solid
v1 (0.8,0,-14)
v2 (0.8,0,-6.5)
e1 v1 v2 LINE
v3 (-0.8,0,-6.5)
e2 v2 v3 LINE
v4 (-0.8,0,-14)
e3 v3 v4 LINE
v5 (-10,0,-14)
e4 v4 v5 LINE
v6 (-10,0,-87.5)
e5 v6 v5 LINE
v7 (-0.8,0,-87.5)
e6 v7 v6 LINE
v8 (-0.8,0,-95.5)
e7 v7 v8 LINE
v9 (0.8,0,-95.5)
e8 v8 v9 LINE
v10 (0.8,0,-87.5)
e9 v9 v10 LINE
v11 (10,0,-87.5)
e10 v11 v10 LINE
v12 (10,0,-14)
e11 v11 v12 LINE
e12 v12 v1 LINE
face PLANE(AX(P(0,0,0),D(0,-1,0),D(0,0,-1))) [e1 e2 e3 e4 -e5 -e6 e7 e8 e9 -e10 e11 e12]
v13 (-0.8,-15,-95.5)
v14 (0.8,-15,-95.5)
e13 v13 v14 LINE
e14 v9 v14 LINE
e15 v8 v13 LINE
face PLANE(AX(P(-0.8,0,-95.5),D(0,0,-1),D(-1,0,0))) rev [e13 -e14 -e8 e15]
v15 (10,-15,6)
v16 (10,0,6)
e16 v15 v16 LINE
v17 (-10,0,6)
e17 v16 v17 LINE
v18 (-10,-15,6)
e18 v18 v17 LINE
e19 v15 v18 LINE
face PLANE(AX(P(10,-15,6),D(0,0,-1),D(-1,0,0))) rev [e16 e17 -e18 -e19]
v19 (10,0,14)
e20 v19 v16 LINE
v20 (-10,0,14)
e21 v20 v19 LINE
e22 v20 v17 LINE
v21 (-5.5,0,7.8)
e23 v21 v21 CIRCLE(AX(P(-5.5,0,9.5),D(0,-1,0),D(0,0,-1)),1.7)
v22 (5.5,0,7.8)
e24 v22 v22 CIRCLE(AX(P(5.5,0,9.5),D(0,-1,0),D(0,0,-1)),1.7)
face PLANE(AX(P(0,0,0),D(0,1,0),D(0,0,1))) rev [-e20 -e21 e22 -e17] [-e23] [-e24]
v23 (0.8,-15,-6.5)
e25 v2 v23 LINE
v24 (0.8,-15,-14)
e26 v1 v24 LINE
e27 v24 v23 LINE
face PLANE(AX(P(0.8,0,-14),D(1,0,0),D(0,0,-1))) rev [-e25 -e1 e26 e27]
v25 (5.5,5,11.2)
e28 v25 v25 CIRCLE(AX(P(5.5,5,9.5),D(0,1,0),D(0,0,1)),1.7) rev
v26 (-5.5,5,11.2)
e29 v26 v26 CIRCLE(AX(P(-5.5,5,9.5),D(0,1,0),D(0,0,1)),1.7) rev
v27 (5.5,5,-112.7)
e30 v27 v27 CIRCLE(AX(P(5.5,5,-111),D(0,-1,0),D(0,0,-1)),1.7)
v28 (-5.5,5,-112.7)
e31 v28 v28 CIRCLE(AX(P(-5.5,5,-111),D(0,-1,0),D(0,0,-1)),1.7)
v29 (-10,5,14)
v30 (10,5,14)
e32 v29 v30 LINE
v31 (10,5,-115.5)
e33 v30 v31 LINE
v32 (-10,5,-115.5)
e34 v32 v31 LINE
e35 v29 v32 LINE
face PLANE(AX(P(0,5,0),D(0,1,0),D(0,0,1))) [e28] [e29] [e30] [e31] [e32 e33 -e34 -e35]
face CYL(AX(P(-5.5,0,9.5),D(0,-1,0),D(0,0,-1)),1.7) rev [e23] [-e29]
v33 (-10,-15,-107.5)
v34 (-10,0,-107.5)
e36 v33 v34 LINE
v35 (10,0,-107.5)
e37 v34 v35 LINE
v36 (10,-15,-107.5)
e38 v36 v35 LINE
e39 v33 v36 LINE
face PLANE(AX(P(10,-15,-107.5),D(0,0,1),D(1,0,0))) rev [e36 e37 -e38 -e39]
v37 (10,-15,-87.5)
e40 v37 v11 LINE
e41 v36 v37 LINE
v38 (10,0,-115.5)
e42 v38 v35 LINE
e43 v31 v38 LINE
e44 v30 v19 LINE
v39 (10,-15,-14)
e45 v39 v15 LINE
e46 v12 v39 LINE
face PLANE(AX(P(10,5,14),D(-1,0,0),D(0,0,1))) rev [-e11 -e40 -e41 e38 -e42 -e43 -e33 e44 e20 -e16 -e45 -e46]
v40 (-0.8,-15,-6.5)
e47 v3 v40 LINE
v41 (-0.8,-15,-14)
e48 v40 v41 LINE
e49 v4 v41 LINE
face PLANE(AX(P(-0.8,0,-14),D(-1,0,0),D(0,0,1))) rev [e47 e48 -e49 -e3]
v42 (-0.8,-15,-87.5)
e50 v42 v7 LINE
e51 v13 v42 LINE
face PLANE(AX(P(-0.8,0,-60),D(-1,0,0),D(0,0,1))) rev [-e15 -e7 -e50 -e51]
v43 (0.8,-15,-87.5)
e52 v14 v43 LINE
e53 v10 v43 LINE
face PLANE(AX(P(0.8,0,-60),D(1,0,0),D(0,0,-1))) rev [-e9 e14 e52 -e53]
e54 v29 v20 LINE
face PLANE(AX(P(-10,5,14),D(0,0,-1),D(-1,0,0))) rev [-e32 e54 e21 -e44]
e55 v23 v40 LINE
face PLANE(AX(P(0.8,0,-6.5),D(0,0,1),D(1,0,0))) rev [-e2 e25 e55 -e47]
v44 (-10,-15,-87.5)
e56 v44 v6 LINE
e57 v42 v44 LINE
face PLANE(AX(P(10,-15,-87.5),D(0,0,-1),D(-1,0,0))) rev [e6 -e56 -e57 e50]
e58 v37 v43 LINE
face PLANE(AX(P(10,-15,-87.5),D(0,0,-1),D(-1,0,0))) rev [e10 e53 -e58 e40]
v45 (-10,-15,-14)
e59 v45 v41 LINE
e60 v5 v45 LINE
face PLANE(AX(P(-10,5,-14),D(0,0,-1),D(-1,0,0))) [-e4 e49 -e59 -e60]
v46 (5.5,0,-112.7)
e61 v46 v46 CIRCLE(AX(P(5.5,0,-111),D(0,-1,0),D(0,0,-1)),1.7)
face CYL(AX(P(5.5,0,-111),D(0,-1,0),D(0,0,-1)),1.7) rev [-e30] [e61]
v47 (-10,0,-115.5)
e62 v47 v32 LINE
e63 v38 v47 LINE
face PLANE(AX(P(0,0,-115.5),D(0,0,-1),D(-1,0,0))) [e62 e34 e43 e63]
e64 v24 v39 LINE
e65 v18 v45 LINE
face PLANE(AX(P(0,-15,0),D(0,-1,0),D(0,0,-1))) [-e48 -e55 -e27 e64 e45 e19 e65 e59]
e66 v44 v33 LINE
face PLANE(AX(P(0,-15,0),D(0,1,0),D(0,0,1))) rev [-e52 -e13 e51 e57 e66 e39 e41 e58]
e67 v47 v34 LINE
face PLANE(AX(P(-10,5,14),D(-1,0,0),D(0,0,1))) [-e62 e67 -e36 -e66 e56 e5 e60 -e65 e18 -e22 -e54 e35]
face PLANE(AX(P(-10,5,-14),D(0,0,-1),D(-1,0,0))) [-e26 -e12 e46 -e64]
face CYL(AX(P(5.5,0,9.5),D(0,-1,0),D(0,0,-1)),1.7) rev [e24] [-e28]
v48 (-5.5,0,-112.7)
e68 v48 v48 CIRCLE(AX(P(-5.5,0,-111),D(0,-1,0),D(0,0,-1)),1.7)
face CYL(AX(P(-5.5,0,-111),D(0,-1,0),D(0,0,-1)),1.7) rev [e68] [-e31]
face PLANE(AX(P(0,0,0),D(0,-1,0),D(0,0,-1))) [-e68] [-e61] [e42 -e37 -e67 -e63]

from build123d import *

# Parameters (mm, degrees)
SKETCH1_W            = 20
SKETCH1_H            = 28
BOSS_EXTRUDE1_DEPTH  = 5
SKETCH2_W            = 20
SKETCH2_H            = 20
BOSS_EXTRUDE2_DEPTH  = 15
SKETCH3_W            = 1.6
SKETCH3_H            = 7.5
CUT_EXTRUDE1_DEPTH   = 15
M3_CLEARANCE_HOLE1_D = 3.4
SKETCH6_W            = 20
SKETCH6_H            = 5
BOSS_EXTRUDE3_DEPTH  = 93.5
SKETCH7_W            = 20
SKETCH7_H            = 5
BOSS_EXTRUDE4_DEPTH  = 8
SKETCH8_W            = 20
SKETCH8_H            = 20
BOSS_EXTRUDE5_DEPTH  = 15
SKETCH9_W            = 1.6
SKETCH9_H            = 35.5
CUT_EXTRUDE2_DEPTH   = 15
M3_CLEARANCE_HOLE2_D = 3.4


with BuildPart() as part:
    # Sketch1 → Boss-Extrude1 (new body)
    with BuildSketch(Plane(origin=(0, 0, 0), x_dir=(1, 0, 0), z_dir=(0, 1, 0))):
        Rectangle(SKETCH1_W, SKETCH1_H)
    extrude(amount=BOSS_EXTRUDE1_DEPTH)

    # Sketch2 → Boss-Extrude2 (add)
    with BuildSketch(Plane(origin=(0, 0, 0), x_dir=(-1, 0, 0), z_dir=(0, -1, 0))):
        with Locations((0, 4)):
            Rectangle(SKETCH2_W, SKETCH2_H)
    extrude(amount=BOSS_EXTRUDE2_DEPTH)

    # Sketch3 → Cut-Extrude1 (cut)
    with BuildSketch(Plane(origin=(0, -15, 0), x_dir=(-1, 0, 0), z_dir=(0, -1, 0))):
        with Locations((0, 10.25)):
            Rectangle(SKETCH3_W, SKETCH3_H)
    extrude(amount=-CUT_EXTRUDE1_DEPTH, mode=Mode.SUBTRACT)

    # M3 Clearance Hole1 (through all)
    with Locations(Plane(origin=(0, 0, 0), x_dir=(-1, 0, 0), z_dir=(0, -1, 0))):
        with Locations((-5.5, -9.5), (5.5, -9.5)):
            Hole(M3_CLEARANCE_HOLE1_D / 2)

    # Sketch6 → Boss-Extrude3 (add)
    with BuildSketch(Plane(origin=(0, 0, -14), x_dir=(-1, 0, 0), z_dir=(0, 0, -1))):
        with Locations((0, 2.5)):
            Rectangle(SKETCH6_W, SKETCH6_H)
    extrude(amount=BOSS_EXTRUDE3_DEPTH)

    # Sketch7 → Boss-Extrude4 (add)
    with BuildSketch(Plane(origin=(0, 0, -107.5), x_dir=(-1, 0, 0), z_dir=(0, 0, -1))):
        with Locations((0, 2.5)):
            Rectangle(SKETCH7_W, SKETCH7_H)
    extrude(amount=BOSS_EXTRUDE4_DEPTH)

    # Sketch8 → Boss-Extrude5 (add)
    with BuildSketch(Plane(origin=(0, 0, 0), x_dir=(-1, 0, 0), z_dir=(0, -1, 0))):
        with Locations((0, 97.5)):
            Rectangle(SKETCH8_W, SKETCH8_H)
    extrude(amount=BOSS_EXTRUDE5_DEPTH)

    # Sketch9 → Cut-Extrude2 (cut)
    with BuildSketch(Plane(origin=(0, -15, 0), x_dir=(-1, 0, 0), z_dir=(0, -1, 0))):
        with Locations((0, 77.75)):
            Rectangle(SKETCH9_W, SKETCH9_H)
    extrude(amount=-CUT_EXTRUDE2_DEPTH, mode=Mode.SUBTRACT)

    # M3 Clearance Hole2 (through all)
    with Locations(Plane(origin=(0, 0, 0), x_dir=(-1, 0, 0), z_dir=(0, -1, 0))):
        with Locations((-5.5, 111), (5.5, 111)):
            Hole(M3_CLEARANCE_HOLE2_D / 2)


solid = part.part
